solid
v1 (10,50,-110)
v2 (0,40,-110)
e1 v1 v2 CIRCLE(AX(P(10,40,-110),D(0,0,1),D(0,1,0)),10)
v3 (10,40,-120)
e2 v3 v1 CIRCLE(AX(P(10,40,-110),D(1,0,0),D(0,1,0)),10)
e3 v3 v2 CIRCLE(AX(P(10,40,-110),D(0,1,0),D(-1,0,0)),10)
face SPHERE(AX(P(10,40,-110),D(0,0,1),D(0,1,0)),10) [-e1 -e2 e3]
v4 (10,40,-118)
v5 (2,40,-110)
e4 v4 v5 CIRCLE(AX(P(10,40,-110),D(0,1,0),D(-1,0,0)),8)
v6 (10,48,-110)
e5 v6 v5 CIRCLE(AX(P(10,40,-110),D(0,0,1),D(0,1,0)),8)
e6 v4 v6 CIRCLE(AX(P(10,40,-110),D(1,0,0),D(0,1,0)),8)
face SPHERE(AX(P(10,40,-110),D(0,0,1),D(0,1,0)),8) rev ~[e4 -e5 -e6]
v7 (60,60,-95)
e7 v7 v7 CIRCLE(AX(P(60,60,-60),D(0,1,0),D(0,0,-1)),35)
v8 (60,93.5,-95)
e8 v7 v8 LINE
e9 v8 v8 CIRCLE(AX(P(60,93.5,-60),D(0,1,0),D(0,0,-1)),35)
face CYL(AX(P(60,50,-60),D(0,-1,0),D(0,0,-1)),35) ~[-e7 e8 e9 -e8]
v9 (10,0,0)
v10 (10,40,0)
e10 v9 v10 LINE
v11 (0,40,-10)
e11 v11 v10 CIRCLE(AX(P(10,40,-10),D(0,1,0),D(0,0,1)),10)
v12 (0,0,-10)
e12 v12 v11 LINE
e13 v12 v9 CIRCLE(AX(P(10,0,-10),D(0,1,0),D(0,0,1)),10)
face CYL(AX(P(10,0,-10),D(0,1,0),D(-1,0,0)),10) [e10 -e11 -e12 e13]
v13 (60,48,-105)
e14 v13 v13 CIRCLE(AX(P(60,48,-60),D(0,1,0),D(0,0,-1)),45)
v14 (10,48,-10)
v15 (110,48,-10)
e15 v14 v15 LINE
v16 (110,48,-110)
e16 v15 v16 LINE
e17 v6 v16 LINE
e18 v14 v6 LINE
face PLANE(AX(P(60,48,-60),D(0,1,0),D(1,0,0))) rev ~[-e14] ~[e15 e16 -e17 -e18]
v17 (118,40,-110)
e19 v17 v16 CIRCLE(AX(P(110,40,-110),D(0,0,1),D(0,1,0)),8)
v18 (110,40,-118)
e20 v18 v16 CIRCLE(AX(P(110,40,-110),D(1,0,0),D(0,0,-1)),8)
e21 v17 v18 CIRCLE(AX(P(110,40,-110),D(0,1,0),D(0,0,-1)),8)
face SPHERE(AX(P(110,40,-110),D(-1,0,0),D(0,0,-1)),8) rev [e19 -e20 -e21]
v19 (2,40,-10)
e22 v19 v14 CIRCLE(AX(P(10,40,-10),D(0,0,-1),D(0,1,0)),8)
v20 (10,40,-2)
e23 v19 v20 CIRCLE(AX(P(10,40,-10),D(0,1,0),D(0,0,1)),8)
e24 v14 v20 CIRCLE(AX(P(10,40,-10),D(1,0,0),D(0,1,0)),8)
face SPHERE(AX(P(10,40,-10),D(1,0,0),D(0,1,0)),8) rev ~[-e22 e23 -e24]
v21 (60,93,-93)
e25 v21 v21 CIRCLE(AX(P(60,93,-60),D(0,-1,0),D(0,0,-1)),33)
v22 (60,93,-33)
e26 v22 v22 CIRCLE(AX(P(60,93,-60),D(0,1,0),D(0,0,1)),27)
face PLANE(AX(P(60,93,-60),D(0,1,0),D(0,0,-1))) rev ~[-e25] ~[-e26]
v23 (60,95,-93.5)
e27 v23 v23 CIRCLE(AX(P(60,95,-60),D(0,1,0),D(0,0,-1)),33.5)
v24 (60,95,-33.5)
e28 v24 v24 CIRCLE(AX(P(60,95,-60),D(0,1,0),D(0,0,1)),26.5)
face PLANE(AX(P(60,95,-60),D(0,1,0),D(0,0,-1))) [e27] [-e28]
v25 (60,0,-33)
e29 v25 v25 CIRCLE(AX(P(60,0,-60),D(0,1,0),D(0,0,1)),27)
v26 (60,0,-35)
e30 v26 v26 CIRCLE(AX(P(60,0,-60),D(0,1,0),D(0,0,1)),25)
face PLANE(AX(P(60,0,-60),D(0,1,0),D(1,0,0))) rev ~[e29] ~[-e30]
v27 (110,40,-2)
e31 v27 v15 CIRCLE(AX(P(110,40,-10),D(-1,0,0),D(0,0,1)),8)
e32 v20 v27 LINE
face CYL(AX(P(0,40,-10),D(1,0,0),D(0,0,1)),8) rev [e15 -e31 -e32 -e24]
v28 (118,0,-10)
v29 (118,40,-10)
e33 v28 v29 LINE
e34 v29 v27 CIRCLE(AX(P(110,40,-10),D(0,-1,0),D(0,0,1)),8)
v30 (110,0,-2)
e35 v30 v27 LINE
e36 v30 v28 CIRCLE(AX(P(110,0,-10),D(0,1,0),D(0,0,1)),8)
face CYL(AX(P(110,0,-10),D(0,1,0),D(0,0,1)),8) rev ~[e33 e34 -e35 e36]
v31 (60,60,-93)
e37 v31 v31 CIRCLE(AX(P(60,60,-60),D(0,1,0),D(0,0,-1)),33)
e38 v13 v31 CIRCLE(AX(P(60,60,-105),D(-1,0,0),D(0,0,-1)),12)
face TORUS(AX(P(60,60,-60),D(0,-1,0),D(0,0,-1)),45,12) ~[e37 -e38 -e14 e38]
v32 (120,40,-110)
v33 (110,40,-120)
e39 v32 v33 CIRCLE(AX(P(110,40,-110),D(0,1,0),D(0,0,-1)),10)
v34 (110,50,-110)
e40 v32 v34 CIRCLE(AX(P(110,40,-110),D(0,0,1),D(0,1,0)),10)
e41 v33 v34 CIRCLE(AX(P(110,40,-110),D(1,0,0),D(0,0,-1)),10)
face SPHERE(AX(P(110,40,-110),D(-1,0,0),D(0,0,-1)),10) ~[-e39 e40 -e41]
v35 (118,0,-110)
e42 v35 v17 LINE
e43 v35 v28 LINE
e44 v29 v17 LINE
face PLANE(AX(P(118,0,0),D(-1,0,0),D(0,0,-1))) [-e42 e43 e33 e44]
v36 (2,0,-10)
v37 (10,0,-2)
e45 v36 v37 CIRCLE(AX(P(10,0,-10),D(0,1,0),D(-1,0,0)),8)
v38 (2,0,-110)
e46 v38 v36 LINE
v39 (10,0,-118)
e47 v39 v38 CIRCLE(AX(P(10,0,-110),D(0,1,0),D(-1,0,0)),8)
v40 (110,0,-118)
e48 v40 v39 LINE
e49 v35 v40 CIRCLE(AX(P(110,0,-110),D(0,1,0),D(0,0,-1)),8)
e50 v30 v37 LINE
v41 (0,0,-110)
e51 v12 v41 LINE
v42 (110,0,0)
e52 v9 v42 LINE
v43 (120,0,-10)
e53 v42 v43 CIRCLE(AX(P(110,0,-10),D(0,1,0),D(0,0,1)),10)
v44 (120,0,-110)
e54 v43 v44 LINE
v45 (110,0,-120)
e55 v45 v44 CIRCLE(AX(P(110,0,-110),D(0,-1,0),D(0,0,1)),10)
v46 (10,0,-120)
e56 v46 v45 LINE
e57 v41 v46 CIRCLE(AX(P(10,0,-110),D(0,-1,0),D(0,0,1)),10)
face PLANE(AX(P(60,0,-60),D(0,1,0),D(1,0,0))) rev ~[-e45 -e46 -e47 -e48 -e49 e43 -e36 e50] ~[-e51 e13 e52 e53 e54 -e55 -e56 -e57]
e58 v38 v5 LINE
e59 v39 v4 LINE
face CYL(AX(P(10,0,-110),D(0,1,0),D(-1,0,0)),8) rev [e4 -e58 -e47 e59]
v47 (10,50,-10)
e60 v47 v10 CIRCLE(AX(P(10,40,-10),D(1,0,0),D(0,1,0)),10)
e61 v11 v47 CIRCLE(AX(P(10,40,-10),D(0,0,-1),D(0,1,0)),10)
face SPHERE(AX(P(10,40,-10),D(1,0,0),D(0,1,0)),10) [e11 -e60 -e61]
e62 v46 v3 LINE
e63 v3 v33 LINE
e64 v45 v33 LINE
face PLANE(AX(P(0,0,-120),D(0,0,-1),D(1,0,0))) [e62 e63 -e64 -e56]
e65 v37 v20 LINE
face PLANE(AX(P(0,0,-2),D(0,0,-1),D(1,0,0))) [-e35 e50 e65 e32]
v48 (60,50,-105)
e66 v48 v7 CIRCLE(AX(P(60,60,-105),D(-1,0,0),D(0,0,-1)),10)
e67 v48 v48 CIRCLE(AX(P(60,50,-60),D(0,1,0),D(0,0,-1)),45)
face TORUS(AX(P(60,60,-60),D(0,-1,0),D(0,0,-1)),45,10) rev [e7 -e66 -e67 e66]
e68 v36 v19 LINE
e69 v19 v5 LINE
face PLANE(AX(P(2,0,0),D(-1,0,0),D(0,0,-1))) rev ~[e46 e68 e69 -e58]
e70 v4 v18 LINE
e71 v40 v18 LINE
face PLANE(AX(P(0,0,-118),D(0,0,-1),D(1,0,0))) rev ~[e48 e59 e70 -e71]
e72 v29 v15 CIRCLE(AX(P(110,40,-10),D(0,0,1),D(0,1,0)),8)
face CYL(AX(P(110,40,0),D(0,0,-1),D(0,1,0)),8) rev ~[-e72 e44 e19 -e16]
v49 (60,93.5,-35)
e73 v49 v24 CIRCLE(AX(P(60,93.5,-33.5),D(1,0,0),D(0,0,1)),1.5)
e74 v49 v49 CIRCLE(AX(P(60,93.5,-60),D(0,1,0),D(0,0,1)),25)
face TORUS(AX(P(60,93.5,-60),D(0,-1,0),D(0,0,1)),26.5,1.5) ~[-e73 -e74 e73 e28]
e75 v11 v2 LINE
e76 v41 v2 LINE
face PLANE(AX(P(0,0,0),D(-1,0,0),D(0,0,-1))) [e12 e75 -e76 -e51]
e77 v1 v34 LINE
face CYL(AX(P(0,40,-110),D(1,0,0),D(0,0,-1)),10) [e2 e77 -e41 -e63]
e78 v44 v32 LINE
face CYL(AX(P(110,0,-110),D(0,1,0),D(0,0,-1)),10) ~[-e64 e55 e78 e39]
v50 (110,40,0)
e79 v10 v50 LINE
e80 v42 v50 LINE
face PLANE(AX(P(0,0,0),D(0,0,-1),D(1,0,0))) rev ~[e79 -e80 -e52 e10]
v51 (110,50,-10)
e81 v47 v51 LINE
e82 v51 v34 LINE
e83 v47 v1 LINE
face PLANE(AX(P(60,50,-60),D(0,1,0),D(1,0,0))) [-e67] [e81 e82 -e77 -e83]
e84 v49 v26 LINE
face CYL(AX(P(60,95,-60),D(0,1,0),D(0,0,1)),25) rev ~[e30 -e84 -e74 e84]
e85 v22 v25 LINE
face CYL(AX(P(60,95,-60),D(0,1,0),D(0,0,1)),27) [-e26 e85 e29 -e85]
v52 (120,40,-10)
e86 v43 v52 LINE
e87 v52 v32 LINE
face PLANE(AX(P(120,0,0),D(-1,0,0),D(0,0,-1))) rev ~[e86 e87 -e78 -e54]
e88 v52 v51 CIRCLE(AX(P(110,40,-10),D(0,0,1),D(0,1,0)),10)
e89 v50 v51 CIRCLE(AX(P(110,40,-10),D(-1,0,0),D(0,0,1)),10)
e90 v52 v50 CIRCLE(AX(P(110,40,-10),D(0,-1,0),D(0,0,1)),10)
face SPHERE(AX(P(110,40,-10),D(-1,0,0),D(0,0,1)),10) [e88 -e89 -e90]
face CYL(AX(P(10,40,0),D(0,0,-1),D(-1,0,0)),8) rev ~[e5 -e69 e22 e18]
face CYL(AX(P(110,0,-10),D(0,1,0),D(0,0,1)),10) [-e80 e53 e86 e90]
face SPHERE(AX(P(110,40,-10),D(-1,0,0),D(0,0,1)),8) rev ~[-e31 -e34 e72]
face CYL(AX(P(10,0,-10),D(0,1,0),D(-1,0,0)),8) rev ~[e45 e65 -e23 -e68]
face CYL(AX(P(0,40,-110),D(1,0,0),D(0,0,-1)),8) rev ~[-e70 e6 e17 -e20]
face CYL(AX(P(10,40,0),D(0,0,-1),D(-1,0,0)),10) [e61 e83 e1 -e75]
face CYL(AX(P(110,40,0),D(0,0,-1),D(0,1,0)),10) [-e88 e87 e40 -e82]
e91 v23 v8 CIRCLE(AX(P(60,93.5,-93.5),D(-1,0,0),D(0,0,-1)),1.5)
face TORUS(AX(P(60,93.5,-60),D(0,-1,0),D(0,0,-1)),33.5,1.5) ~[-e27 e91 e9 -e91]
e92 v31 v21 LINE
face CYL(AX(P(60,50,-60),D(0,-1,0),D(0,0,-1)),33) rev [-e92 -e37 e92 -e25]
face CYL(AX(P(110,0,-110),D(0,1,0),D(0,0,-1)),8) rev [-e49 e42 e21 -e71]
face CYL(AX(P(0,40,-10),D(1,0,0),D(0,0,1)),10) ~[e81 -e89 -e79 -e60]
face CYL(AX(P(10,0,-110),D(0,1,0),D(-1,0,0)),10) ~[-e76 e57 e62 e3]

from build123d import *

# Parameters (mm, degrees)
SKETCH3_W           = 120
SKETCH3_H           = 120
BOSS_EXTRUDE2_DEPTH = 50
SKETCH4_R           = 35
BOSS_EXTRUDE3_DEPTH = 45
SKETCH9_R           = 25
CUT_EXTRUDE3_DEPTH  = 195.486503388
FILLET4_R           = 10
FILLET5_R           = 1.5
SHELL2_T            = -2


with BuildPart() as part:
    # Sketch3 → Boss-Extrude2 (new body)
    with BuildSketch(Plane(origin=(0, 0, 0), x_dir=(1, 0, 0), z_dir=(0, 1, 0))):
        with Locations((60, 60)):
            Rectangle(SKETCH3_W, SKETCH3_H)
    extrude(amount=BOSS_EXTRUDE2_DEPTH)

    # Sketch4 → Boss-Extrude3 (add)
    with BuildSketch(Plane(origin=(0, 50, 0), x_dir=(1, 0, 0), z_dir=(0, 1, 0))):
        with Locations(Location((60, 60, 0), (0, 0, 90))):
            Circle(SKETCH4_R)
    extrude(amount=BOSS_EXTRUDE3_DEPTH)

    # Sketch9 → Cut-Extrude3 (cut, through all)
    with BuildSketch(Plane(origin=(0, 95, 0), x_dir=(1, 0, 0), z_dir=(0, 1, 0))):
        with Locations(Location((60, 60, 0), (0, 0, 270))):
            Circle(SKETCH9_R)
    extrude(amount=-CUT_EXTRUDE3_DEPTH, mode=Mode.SUBTRACT)

    # Fillet4
    fillet4_edges = [part.edges().sort_by_distance(p)[0] for p in [
        (60, 50, 0),
        (60, 50, -25),
        (0, 50, -60),
        (60, 50, -120),
        (0, 25, -120),
        (0, 25, 0),
        (120, 25, 0),
        (120, 25, -120),
        (120, 50, -60),
    ]]
    fillet(fillet4_edges, radius=FILLET4_R)

    # Fillet5
    fillet5_edges = [part.edges().sort_by_distance(p)[0] for p in [
        (60, 95, -25),
        (60, 95, -85),
    ]]
    fillet(fillet5_edges, radius=FILLET5_R)

    # Shell2
    shell2_openings = [part.faces().sort_by_distance(p)[0] for p in [
        (60, 0, -1.697056275),
    ]]
    offset(amount=SHELL2_T, openings=shell2_openings, kind=Kind.INTERSECTION)


solid = part.part
